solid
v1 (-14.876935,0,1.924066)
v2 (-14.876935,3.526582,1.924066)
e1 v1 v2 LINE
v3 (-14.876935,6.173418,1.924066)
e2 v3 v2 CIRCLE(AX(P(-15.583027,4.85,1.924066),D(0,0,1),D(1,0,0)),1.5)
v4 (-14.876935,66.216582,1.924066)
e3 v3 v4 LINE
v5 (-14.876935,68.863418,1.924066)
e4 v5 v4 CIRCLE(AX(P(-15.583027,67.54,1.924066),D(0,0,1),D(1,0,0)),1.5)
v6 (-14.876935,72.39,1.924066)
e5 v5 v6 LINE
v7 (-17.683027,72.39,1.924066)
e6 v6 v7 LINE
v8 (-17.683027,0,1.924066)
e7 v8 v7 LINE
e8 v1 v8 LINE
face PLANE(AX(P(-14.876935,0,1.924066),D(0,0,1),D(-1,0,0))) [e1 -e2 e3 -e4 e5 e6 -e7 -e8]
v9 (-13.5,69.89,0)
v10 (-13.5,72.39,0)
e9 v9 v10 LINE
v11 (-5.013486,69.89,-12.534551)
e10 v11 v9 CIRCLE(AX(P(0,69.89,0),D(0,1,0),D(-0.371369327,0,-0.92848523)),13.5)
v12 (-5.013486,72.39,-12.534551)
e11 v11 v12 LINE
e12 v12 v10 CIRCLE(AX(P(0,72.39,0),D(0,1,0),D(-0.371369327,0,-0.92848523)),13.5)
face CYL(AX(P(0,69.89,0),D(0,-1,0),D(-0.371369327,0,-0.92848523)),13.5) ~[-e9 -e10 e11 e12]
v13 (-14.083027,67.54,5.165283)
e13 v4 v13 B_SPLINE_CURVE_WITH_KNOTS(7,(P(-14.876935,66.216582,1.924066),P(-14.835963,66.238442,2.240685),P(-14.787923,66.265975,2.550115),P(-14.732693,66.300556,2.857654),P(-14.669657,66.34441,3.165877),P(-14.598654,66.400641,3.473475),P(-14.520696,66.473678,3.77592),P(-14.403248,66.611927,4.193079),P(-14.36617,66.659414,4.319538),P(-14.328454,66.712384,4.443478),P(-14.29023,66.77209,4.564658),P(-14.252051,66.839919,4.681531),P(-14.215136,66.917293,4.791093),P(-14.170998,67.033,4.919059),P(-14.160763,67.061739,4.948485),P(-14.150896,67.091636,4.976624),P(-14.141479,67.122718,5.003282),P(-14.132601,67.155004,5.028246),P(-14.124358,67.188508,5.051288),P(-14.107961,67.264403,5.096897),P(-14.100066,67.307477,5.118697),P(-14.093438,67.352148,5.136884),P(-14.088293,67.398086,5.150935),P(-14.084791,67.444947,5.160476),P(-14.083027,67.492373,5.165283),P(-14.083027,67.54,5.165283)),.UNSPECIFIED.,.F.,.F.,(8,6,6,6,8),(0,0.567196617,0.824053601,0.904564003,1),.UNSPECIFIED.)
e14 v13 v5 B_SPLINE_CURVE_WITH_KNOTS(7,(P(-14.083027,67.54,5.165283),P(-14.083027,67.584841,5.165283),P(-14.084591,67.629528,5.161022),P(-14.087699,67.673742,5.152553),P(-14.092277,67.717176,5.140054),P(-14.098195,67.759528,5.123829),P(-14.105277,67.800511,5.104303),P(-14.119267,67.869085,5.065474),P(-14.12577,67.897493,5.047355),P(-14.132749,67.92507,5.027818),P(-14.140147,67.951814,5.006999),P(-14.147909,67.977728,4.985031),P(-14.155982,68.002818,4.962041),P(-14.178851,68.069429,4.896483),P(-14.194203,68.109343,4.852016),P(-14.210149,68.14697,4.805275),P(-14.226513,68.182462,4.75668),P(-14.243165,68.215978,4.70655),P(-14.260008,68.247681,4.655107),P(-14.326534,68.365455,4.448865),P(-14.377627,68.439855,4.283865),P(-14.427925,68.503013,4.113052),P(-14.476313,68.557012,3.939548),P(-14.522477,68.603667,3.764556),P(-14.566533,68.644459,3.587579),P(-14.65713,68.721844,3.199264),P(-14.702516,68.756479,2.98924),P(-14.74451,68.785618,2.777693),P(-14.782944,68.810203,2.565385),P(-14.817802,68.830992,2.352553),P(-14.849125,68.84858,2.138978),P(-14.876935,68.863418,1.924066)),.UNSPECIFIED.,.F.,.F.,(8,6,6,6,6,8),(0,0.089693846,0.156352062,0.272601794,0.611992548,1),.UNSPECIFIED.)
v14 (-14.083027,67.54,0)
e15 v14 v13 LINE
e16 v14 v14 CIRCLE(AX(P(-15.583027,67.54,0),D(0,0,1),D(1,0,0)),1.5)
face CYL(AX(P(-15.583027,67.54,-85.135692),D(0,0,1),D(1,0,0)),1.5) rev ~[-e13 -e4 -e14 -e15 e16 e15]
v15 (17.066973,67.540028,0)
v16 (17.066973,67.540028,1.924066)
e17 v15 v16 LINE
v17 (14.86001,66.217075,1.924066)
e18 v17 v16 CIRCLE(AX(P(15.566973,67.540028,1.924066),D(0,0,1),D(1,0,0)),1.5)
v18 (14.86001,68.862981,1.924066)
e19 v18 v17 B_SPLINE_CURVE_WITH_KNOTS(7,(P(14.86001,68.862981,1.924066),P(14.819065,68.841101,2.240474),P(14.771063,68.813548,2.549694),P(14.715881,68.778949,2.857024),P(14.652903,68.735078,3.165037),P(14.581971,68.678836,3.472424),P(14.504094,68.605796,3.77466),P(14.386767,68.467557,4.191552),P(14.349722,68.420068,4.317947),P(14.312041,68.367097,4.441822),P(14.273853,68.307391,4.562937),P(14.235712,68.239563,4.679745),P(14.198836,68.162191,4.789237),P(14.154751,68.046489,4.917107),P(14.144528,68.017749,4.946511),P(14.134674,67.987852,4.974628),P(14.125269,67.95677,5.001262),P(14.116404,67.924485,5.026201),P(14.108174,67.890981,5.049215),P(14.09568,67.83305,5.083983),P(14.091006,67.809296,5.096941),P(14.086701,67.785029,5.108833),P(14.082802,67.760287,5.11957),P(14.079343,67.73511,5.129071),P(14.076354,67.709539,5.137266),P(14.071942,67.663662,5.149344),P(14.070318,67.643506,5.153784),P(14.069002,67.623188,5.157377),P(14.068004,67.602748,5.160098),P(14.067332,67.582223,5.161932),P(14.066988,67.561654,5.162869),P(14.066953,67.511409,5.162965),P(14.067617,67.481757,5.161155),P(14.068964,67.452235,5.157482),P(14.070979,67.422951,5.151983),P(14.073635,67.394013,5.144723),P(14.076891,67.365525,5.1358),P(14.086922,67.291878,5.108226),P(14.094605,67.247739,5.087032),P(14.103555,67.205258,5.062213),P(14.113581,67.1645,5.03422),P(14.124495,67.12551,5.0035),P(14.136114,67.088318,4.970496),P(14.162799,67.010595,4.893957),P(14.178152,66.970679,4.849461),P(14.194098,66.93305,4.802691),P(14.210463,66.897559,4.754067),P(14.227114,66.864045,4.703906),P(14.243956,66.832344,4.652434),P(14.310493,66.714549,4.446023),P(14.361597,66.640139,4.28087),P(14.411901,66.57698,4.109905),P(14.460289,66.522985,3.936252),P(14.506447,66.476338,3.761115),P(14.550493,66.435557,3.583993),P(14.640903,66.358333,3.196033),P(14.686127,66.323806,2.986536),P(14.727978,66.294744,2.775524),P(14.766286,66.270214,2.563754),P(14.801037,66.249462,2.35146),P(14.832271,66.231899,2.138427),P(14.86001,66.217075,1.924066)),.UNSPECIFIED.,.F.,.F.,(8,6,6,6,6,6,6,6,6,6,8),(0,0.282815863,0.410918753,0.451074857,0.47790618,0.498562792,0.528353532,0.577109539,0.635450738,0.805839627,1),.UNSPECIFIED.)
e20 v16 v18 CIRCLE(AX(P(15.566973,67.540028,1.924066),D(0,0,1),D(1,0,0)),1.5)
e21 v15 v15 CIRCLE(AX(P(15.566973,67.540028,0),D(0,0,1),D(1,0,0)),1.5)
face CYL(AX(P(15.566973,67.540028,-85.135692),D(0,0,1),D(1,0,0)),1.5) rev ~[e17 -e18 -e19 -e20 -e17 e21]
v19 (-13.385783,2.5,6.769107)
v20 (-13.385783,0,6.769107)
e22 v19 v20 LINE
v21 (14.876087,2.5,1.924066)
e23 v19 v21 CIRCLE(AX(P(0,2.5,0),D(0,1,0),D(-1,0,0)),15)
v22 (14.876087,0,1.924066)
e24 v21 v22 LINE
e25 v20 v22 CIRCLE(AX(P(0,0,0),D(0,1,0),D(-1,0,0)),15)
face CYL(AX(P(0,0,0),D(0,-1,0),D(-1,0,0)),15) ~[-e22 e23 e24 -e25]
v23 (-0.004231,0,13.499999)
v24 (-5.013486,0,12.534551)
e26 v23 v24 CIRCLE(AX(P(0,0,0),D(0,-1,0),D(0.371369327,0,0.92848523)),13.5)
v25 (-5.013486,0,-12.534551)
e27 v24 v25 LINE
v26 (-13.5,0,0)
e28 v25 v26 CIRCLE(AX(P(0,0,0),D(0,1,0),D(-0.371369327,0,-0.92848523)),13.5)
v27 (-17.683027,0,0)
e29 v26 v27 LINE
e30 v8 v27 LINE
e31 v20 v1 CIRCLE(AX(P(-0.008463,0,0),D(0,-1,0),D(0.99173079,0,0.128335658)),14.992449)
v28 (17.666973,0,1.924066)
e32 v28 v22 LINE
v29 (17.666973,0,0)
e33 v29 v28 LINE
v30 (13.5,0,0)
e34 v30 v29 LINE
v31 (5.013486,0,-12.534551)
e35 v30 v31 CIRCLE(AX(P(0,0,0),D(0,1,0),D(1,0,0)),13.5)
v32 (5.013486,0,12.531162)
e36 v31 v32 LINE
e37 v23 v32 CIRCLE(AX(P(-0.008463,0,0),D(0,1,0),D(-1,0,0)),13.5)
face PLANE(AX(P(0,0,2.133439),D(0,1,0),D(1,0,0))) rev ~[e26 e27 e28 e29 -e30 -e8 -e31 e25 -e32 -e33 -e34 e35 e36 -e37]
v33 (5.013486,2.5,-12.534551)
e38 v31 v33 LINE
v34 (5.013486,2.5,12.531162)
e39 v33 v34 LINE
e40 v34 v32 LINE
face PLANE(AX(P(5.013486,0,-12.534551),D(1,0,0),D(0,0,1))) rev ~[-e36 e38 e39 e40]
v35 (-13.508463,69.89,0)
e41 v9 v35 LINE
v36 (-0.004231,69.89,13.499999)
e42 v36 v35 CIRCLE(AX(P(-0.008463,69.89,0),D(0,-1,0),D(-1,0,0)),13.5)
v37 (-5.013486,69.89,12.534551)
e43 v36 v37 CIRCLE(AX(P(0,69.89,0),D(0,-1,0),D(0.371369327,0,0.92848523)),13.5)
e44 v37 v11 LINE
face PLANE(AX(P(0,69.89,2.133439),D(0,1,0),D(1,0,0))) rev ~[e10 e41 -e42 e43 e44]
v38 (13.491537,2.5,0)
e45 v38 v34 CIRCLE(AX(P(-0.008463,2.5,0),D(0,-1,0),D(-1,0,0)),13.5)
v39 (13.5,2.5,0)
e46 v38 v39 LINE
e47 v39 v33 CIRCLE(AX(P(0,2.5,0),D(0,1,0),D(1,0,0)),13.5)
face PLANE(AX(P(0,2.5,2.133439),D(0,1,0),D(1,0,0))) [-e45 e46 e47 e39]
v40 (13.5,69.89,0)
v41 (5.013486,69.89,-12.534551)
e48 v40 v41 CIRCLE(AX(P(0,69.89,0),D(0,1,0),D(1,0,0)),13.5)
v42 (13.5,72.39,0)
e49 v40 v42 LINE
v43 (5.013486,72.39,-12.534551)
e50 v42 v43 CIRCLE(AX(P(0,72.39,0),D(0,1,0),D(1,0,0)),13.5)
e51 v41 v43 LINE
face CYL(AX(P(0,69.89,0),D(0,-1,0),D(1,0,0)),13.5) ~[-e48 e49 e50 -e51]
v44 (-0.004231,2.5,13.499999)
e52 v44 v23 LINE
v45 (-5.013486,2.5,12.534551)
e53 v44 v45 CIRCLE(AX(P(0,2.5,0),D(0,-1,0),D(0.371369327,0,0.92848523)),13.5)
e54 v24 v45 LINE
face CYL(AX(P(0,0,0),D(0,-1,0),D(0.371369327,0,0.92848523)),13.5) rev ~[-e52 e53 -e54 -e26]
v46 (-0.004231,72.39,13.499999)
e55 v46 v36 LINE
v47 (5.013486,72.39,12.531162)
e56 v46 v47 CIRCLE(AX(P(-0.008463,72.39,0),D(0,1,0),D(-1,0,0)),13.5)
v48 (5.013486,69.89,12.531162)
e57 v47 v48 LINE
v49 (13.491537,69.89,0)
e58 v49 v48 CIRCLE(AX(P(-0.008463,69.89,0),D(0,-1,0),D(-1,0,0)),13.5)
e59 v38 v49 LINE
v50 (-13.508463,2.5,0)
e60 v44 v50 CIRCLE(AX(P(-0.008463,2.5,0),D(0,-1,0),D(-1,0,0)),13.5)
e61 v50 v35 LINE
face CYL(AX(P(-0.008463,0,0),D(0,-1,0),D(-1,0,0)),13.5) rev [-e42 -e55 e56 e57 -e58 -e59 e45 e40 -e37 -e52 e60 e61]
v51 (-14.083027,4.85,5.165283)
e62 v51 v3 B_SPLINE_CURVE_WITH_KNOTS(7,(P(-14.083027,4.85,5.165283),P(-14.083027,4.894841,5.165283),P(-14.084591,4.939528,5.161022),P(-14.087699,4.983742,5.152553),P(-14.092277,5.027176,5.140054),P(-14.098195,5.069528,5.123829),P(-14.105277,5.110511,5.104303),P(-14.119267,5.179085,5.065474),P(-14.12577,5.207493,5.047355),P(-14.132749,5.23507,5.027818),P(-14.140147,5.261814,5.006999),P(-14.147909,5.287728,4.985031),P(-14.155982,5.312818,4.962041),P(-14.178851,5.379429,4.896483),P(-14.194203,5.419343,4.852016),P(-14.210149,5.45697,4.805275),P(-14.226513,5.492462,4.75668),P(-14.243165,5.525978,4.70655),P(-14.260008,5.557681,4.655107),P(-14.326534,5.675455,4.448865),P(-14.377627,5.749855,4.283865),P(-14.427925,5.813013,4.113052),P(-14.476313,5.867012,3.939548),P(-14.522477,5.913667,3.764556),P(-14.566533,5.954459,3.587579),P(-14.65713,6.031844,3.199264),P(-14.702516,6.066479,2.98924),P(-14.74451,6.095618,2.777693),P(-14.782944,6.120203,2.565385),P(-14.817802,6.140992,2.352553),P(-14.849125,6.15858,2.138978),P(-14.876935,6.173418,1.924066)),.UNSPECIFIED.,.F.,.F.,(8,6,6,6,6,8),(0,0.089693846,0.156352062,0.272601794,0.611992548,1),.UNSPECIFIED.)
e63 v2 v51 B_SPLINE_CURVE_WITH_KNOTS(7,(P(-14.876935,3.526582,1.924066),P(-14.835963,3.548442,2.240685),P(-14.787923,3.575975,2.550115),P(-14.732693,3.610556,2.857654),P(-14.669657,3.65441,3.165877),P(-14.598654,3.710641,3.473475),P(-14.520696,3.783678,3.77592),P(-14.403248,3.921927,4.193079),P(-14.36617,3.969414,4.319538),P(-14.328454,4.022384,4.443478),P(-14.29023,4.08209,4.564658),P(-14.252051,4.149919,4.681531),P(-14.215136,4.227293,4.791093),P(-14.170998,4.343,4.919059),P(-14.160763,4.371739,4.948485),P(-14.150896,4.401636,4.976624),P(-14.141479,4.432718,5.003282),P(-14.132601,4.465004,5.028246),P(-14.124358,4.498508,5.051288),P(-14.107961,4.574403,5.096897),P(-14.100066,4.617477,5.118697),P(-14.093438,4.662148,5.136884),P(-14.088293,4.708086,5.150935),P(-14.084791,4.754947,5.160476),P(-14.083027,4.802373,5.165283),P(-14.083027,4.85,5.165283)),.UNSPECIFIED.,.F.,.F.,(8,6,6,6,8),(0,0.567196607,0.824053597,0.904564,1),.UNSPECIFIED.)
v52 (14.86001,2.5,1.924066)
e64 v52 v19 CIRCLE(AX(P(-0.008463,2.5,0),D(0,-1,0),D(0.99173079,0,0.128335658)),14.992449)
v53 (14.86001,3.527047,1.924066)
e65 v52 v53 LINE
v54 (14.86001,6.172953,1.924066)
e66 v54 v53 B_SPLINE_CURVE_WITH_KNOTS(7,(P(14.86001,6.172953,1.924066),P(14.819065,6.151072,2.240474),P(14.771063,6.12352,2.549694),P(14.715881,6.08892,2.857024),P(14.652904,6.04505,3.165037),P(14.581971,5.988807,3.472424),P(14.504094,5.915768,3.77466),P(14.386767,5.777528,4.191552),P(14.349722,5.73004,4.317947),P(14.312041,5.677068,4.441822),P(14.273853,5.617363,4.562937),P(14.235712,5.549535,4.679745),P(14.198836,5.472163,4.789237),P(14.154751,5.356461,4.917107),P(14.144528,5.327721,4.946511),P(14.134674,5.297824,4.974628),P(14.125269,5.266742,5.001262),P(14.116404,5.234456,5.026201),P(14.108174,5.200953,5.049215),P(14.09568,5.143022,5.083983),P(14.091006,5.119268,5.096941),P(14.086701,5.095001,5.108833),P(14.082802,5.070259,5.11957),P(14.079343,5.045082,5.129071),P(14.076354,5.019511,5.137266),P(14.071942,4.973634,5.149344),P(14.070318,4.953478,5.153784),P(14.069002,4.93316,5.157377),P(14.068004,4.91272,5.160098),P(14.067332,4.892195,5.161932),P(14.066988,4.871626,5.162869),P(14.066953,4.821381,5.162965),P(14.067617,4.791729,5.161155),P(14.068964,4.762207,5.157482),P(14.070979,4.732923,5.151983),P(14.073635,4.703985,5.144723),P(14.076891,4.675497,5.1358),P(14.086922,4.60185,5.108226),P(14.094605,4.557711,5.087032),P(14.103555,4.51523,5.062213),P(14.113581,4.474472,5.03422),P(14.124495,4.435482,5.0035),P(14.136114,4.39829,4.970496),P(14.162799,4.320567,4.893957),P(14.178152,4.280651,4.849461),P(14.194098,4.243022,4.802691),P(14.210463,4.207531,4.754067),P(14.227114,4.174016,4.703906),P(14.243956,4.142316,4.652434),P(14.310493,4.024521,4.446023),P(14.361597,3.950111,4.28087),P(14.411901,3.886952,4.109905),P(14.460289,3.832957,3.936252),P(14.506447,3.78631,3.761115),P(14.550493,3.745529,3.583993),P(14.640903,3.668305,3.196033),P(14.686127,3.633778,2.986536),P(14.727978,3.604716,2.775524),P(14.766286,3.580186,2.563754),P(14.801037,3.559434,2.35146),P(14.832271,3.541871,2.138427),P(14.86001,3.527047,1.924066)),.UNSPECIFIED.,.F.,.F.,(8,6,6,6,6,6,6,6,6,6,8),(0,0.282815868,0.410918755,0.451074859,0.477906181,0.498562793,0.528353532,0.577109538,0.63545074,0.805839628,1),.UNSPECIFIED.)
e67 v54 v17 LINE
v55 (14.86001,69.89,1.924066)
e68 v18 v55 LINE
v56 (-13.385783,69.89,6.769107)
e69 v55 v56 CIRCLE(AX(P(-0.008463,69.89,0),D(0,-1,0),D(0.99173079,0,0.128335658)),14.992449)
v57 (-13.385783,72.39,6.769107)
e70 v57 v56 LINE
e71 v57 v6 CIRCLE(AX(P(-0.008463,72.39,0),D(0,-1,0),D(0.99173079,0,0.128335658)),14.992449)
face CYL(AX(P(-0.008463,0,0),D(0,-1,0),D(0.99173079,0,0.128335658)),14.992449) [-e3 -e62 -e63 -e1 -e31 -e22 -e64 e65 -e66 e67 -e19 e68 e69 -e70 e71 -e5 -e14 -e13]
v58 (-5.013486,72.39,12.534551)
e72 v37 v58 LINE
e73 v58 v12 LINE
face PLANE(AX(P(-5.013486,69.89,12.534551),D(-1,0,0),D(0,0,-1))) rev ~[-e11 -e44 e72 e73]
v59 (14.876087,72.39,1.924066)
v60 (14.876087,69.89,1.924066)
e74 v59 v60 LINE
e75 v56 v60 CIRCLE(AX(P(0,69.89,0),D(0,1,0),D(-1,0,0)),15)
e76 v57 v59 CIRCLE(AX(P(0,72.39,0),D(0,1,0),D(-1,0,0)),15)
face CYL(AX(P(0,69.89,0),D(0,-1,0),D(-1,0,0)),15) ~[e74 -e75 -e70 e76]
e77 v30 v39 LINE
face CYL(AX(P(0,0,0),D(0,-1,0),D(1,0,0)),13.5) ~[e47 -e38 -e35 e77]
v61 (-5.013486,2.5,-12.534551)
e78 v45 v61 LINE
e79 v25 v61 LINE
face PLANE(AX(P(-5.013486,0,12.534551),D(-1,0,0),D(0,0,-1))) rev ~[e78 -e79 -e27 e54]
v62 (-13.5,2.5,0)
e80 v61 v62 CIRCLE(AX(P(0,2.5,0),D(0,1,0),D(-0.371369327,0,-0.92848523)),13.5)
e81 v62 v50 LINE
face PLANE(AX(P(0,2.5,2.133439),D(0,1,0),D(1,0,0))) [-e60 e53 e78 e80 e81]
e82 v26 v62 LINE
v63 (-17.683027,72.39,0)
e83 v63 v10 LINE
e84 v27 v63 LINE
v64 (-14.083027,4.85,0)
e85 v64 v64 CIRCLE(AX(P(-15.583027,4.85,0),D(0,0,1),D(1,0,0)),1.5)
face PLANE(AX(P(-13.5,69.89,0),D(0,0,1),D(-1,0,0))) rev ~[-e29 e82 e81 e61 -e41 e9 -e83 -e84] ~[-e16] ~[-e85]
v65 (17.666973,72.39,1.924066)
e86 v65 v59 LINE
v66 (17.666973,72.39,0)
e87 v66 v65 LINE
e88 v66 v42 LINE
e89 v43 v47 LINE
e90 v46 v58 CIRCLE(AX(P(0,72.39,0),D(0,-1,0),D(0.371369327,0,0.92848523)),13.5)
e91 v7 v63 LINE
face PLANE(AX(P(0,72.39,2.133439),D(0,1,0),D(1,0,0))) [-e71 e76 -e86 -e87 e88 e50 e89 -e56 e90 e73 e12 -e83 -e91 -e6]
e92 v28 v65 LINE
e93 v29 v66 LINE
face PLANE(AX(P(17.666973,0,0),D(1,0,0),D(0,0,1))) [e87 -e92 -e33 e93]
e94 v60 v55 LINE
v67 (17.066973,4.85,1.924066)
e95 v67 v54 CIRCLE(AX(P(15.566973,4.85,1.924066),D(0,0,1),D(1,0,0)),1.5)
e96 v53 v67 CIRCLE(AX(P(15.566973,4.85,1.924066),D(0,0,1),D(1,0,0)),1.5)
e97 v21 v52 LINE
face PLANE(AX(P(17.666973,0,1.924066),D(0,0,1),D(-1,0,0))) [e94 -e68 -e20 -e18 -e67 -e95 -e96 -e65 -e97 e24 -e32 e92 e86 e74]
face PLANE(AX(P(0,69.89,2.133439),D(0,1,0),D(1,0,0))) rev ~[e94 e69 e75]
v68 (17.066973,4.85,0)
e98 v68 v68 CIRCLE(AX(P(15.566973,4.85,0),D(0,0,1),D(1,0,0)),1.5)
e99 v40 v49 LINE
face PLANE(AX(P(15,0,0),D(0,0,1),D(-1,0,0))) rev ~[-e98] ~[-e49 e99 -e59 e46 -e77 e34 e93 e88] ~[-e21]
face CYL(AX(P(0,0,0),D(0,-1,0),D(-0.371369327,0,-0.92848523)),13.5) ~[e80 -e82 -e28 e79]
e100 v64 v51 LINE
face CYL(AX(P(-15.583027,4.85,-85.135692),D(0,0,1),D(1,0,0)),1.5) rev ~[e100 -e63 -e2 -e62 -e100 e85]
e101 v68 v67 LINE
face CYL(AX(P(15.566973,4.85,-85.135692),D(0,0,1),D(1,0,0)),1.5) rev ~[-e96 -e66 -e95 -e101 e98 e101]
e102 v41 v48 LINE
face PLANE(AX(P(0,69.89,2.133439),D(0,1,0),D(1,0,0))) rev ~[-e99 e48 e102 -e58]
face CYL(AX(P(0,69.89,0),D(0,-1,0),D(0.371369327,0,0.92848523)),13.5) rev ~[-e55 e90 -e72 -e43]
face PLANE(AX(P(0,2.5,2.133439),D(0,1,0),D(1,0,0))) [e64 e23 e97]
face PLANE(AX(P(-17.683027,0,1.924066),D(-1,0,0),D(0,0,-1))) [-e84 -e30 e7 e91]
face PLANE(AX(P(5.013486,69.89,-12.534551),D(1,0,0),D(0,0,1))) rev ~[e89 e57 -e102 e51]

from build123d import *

# Parameters (mm, degrees)
BOSS_EXTRUDE3_DEPTH   = 72.39
BOSS_EXTRUDE5_DEPTH   = 2.5
BOSS_EXTRUDE6_START   = 69.89
BOSS_EXTRUDE6_DEPTH   = 2.5
F_3_0MM_DOWEL_HOLE2_D = 3
F_3_0MM_DOWEL_HOLE3_D = 3


with BuildPart() as part:
    # Sketch1 → Boss-Extrude3 (new body)
    with BuildSketch(Plane(origin=(0, 0, 0), x_dir=(1, 0, 0), z_dir=(0, 1, 0))):
        with BuildLine():
            Line((13.491537447, 0), (17.666973025, 0))
            Line((17.666973025, 0), (17.666973025, -1.92406576))
            Line((17.666973025, -1.92406576), (14.860010366, -1.92406576))
            ThreePointArc((14.860010366, -1.92406576), (-0.00846255, -14.992448629), (-14.876935466, -1.92406576))
            Line((-14.876935466, -1.92406576), (-17.683026975, -1.92406576))
            Line((-17.683026975, -1.92406576), (-17.683026975, 0))
            Line((-17.683026975, 0), (-13.508462552, 0))
            ThreePointArc((-13.508462552, 0), (-0.008462552, -13.5), (13.491537447, 0))
        make_face()
    extrude(amount=BOSS_EXTRUDE3_DEPTH)

    # Sketch8 → Boss-Extrude5 (add)
    with BuildSketch(Plane(origin=(0, 0, 0), x_dir=(1, 0, 0), z_dir=(0, 1, 0))):
        with BuildLine():
            Line((-13.5, 0), (-15, 0))
            ThreePointArc((-15, 0), (0, -15), (15, 0))
            Line((15, 0), (13.5, 0))
            ThreePointArc((13.5, 0), (11.178820599, 7.568617445), (5.013485922, 12.534550607))
            Line((5.013485922, 12.534550607), (5.013485922, -12.534550607))
            ThreePointArc((5.013485922, -12.534550607), (0, -13.5), (-5.013485922, -12.534550607))
            Line((-5.013485922, -12.534550607), (-5.013485922, 12.534550607))
            ThreePointArc((-5.013485922, 12.534550607), (-11.178820599, 7.568617445), (-13.5, 0))
        make_face()
    extrude(amount=BOSS_EXTRUDE5_DEPTH)

    # Sketch8<6> → Boss-Extrude6 (add)
    with BuildSketch(Plane(origin=(0, 0, 0), x_dir=(1, 0, 0), z_dir=(0, 1, 0)).offset(BOSS_EXTRUDE6_START)):
        with BuildLine():
            Line((-13.5, 0), (-15, 0))
            ThreePointArc((-15, 0), (0, -15), (15, 0))
            Line((15, 0), (13.5, 0))
            ThreePointArc((13.5, 0), (11.178820599, 7.568617445), (5.013485922, 12.534550607))
            Line((5.013485922, 12.534550607), (5.013485922, -12.534550607))
            ThreePointArc((5.013485922, -12.534550607), (0, -13.5), (-5.013485922, -12.534550607))
            Line((-5.013485922, -12.534550607), (-5.013485922, 12.534550607))
            ThreePointArc((-5.013485922, 12.534550607), (-11.178820599, 7.568617445), (-13.5, 0))
        make_face()
    extrude(amount=BOSS_EXTRUDE6_DEPTH)

    # Ø3.0mm Dowel Hole2 (through all)
    with Locations(Plane(origin=(0, 0, 0), x_dir=(-1, 0, 0), z_dir=(0, 0, -1))):
        with Locations((15.583026975, 67.54)):
            Hole(F_3_0MM_DOWEL_HOLE2_D / 2)

    # Ø3.0mm Dowel Hole3 (through all)
    with Locations(Plane(origin=(0, 0, 0), x_dir=(-1, 0, 0), z_dir=(0, 0, -1))):
        with Locations((-15.566973025, 67.540028113), (-15.566973025, 4.85), (15.583026975, 4.85)):
            Hole(F_3_0MM_DOWEL_HOLE3_D / 2)


solid = part.part
